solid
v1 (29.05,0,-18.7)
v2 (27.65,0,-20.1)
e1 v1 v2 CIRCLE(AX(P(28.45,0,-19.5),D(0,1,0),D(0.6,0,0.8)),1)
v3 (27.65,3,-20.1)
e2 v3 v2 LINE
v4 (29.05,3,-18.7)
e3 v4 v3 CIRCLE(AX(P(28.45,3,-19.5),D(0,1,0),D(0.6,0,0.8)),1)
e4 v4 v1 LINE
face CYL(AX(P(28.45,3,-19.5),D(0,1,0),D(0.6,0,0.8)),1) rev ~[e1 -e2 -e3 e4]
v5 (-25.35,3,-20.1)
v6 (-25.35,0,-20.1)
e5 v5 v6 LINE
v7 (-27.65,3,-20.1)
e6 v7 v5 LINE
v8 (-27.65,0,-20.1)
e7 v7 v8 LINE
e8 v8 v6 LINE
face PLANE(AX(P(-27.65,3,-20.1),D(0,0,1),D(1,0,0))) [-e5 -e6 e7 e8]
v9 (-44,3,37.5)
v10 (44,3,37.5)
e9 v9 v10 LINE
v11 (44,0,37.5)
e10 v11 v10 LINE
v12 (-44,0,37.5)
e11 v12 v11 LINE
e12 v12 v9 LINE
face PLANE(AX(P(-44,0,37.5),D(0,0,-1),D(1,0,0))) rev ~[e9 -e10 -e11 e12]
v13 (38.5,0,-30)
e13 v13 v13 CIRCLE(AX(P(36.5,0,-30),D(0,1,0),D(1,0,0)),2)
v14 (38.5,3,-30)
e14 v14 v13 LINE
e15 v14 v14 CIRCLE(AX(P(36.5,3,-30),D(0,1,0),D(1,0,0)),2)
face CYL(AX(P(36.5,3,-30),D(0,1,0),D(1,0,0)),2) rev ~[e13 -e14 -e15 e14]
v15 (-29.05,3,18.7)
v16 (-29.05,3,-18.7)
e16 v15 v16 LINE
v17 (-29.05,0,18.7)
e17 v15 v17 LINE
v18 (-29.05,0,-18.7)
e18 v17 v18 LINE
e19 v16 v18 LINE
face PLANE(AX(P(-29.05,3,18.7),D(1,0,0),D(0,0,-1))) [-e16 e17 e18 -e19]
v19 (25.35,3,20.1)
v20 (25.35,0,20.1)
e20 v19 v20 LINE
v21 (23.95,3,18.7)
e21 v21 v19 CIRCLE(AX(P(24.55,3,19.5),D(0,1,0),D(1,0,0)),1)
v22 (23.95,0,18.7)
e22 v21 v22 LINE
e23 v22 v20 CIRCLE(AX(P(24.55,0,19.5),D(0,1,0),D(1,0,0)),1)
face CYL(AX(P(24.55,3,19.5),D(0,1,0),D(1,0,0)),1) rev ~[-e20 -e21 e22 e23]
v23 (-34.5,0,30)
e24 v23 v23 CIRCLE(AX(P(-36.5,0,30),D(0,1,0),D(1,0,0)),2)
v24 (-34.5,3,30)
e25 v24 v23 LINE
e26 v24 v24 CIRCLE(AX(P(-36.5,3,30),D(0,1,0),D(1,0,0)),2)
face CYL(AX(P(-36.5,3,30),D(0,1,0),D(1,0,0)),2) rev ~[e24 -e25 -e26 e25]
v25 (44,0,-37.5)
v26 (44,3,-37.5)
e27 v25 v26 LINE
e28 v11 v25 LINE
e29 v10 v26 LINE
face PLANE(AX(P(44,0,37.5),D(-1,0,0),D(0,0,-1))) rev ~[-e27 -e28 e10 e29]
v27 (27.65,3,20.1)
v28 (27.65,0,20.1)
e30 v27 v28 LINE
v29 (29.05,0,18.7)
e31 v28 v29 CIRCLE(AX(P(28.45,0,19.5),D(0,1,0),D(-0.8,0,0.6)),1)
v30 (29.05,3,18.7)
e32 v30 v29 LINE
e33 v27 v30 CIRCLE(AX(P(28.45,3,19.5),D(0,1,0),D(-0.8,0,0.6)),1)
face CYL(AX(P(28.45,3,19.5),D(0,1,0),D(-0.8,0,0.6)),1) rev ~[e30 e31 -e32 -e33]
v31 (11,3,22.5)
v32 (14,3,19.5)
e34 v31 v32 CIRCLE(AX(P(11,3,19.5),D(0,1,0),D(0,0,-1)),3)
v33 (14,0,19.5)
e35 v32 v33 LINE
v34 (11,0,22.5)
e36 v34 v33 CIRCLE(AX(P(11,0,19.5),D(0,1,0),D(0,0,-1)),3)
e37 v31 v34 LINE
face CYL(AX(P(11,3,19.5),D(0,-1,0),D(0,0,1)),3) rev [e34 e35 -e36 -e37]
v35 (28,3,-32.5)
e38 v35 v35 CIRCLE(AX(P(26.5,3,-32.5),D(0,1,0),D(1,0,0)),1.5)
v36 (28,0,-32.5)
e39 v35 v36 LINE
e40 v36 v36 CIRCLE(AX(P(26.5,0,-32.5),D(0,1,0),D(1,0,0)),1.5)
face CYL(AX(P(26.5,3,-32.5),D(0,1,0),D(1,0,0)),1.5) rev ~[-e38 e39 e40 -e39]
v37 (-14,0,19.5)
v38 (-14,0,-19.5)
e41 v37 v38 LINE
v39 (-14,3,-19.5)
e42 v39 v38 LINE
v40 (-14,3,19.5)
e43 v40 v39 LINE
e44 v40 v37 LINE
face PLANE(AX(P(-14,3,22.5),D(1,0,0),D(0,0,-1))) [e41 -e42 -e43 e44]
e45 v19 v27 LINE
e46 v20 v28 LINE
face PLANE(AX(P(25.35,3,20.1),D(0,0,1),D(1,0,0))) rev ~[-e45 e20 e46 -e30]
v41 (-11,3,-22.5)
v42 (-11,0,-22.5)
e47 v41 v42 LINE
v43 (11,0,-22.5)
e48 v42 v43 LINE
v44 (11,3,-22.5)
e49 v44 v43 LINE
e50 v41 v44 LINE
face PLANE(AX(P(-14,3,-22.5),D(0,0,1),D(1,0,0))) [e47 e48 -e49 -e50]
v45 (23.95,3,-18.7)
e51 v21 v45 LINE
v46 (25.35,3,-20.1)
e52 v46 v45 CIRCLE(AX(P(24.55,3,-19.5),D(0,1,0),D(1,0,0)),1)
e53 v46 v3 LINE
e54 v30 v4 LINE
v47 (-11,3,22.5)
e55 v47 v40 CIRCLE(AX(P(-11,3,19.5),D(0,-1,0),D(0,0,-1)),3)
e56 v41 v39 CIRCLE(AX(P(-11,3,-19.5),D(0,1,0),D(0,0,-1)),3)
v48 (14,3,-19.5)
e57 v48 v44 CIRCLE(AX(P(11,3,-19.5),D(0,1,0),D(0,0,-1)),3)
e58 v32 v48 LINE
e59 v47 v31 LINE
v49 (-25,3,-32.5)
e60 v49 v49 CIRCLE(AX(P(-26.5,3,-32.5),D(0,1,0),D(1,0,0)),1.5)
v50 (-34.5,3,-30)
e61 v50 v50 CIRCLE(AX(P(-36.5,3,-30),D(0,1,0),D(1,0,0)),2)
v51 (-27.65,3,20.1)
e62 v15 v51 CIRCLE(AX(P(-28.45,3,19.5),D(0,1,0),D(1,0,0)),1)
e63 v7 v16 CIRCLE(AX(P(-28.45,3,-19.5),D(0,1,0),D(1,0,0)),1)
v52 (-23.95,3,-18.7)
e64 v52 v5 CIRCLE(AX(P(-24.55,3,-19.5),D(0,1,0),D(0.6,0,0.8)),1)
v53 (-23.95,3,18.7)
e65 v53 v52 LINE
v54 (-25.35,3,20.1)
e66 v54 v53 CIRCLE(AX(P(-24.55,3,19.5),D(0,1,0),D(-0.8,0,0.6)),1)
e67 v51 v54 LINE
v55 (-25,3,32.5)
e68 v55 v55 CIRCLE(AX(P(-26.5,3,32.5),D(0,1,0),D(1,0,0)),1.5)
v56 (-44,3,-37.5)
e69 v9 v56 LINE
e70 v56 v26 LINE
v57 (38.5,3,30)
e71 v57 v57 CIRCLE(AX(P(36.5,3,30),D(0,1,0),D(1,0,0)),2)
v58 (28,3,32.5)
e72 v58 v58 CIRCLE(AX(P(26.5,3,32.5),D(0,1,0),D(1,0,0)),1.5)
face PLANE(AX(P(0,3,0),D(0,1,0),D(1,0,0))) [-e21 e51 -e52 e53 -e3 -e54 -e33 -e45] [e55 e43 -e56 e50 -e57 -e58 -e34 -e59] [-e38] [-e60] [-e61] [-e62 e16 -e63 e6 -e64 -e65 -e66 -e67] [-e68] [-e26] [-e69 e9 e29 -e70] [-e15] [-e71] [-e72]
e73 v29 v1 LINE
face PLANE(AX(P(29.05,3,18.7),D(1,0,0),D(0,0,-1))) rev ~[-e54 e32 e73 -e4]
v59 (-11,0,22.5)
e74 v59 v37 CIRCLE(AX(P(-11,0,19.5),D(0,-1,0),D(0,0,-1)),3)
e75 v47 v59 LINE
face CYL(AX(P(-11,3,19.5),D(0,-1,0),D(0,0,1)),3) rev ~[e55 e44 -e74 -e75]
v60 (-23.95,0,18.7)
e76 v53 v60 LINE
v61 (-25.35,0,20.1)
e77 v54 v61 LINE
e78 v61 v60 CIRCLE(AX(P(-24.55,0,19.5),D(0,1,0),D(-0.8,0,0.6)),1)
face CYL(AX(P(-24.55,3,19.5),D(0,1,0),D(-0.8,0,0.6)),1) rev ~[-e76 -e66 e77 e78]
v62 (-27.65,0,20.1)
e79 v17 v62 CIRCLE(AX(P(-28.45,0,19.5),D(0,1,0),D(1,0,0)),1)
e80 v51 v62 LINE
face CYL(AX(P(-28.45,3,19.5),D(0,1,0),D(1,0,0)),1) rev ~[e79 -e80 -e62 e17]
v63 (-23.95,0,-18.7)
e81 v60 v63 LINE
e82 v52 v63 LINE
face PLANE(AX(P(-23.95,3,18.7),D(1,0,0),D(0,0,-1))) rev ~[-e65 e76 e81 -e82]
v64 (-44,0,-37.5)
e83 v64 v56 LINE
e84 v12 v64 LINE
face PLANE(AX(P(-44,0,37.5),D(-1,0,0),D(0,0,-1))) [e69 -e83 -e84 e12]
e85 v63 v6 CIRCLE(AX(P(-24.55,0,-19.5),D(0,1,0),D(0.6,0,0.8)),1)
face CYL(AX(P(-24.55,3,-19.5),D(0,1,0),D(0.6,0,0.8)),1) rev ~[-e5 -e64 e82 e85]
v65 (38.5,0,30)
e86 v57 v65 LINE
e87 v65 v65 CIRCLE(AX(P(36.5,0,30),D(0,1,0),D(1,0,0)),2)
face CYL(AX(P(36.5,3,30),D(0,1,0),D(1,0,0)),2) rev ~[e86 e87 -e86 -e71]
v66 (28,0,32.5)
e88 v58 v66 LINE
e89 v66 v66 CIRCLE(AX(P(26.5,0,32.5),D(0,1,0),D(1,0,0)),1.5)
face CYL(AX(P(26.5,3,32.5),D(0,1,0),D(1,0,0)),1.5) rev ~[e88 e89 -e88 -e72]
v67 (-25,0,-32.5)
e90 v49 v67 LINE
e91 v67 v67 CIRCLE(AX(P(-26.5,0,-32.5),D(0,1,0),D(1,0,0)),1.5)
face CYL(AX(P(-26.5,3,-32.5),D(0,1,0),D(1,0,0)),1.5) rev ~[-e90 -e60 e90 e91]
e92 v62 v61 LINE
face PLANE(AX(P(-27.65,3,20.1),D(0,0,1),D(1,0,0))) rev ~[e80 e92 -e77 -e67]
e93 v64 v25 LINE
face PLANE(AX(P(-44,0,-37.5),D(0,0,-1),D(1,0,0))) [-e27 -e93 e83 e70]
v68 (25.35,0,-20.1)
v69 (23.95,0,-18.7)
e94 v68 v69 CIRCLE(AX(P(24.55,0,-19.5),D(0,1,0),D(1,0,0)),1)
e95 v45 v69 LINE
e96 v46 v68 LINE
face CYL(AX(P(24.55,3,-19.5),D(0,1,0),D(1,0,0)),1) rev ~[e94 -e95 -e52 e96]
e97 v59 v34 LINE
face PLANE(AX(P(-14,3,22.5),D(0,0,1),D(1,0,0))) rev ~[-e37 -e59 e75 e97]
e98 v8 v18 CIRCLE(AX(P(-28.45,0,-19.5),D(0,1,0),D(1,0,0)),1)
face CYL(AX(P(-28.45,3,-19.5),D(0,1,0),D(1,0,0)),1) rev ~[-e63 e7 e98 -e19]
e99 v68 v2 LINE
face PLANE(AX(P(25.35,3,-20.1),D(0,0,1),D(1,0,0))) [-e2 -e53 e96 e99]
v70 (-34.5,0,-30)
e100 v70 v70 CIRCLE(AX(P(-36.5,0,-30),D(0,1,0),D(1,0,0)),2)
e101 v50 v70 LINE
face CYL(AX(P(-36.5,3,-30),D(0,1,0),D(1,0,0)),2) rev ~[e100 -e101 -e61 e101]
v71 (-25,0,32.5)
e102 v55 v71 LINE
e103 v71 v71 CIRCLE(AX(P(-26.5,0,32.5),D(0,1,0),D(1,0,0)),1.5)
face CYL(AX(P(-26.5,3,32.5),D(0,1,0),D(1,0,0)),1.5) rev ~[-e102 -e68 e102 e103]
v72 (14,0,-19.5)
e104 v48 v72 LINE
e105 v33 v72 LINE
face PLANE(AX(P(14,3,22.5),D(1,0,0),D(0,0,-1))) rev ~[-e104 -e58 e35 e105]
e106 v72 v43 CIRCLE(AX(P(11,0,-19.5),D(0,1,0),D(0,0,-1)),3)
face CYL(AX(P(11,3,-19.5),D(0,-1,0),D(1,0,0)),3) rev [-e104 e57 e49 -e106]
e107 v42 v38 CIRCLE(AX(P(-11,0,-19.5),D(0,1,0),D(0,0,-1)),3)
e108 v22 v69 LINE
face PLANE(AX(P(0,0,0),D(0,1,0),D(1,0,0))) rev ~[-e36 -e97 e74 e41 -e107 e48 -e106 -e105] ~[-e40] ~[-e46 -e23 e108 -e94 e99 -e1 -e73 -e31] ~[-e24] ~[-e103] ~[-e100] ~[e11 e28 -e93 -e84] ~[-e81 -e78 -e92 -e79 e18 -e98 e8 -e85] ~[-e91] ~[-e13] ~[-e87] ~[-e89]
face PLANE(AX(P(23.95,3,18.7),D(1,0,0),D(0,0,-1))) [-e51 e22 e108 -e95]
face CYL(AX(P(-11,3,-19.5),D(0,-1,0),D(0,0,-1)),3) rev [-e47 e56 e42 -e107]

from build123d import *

# Parameters (mm, degrees)
SKETCH_1_W          = 88
SKETCH_1_H          = 75
EXTRUDE_1_DEPTH     = 3
SKETCH_2_R          = 1.5
SKETCH_2_R_2        = 1
SKETCH_2_W          = 5.1
SKETCH_2_H          = 40.2
SKETCH_2_R_3        = 2
SKETCH_2_W_2        = 28
SKETCH_2_H_2        = 45
CUT_EXTRUDE_1_DEPTH = 3
FILLET_1_R          = 3


with BuildPart() as part:
    # ｽｹｯﾁ1 → ﾎﾞｽ - 押し出し1 (new body)
    with BuildSketch(Plane(origin=(0, 0, 0), x_dir=(1, 0, 0), z_dir=(0, 1, 0))):
        Rectangle(SKETCH_1_W, SKETCH_1_H)
    extrude(amount=EXTRUDE_1_DEPTH)

    # ｽｹｯﾁ2 → ｶｯﾄ - 押し出し1 (cut)
    with BuildSketch(Plane(origin=(0, 3, 0), x_dir=(1, 0, 0), z_dir=(0, 1, 0))):
        with Locations((-26.5, 32.5)):
            Circle(SKETCH_2_R)
        with Locations((26.5, 32.5)):
            Circle(SKETCH_2_R)
        with Locations((-28.45, -19.5)):
            Circle(SKETCH_2_R_2)
        with Locations((-24.55, -19.5)):
            Circle(SKETCH_2_R_2)
        with Locations((-26.5, 0)):
            Rectangle(SKETCH_2_W, SKETCH_2_H)
        with Locations((-28.45, 19.5)):
            Circle(SKETCH_2_R_2)
        with Locations((-24.55, 19.5)):
            Circle(SKETCH_2_R_2)
        with Locations((26.5, 0)):
            Rectangle(SKETCH_2_W, SKETCH_2_H)
        with Locations((24.55, 19.5)):
            Circle(SKETCH_2_R_2)
        with Locations((28.45, 19.5)):
            Circle(SKETCH_2_R_2)
        with Locations((24.55, -19.5)):
            Circle(SKETCH_2_R_2)
        with Locations((28.45, -19.5)):
            Circle(SKETCH_2_R_2)
        with Locations((-26.5, -32.5)):
            Circle(SKETCH_2_R)
        with Locations((26.5, -32.5)):
            Circle(SKETCH_2_R)
        with Locations((-36.5, -30)):
            Circle(SKETCH_2_R_3)
        with Locations((-36.5, 30)):
            Circle(SKETCH_2_R_3)
        with Locations((36.5, 30)):
            Circle(SKETCH_2_R_3)
        with Locations((36.5, -30)):
            Circle(SKETCH_2_R_3)
        Rectangle(SKETCH_2_W_2, SKETCH_2_H_2)
    extrude(amount=-CUT_EXTRUDE_1_DEPTH, mode=Mode.SUBTRACT)

    # ﾌｨﾚｯﾄ1
    fillet_1_edges = [part.edges().sort_by_distance(p)[0] for p in [
        (-14, 1.5, -22.5),
        (14, 1.5, -22.5),
        (14, 1.5, 22.5),
        (-14, 1.5, 22.5),
    ]]
    fillet(fillet_1_edges, radius=FILLET_1_R)


solid = part.part
